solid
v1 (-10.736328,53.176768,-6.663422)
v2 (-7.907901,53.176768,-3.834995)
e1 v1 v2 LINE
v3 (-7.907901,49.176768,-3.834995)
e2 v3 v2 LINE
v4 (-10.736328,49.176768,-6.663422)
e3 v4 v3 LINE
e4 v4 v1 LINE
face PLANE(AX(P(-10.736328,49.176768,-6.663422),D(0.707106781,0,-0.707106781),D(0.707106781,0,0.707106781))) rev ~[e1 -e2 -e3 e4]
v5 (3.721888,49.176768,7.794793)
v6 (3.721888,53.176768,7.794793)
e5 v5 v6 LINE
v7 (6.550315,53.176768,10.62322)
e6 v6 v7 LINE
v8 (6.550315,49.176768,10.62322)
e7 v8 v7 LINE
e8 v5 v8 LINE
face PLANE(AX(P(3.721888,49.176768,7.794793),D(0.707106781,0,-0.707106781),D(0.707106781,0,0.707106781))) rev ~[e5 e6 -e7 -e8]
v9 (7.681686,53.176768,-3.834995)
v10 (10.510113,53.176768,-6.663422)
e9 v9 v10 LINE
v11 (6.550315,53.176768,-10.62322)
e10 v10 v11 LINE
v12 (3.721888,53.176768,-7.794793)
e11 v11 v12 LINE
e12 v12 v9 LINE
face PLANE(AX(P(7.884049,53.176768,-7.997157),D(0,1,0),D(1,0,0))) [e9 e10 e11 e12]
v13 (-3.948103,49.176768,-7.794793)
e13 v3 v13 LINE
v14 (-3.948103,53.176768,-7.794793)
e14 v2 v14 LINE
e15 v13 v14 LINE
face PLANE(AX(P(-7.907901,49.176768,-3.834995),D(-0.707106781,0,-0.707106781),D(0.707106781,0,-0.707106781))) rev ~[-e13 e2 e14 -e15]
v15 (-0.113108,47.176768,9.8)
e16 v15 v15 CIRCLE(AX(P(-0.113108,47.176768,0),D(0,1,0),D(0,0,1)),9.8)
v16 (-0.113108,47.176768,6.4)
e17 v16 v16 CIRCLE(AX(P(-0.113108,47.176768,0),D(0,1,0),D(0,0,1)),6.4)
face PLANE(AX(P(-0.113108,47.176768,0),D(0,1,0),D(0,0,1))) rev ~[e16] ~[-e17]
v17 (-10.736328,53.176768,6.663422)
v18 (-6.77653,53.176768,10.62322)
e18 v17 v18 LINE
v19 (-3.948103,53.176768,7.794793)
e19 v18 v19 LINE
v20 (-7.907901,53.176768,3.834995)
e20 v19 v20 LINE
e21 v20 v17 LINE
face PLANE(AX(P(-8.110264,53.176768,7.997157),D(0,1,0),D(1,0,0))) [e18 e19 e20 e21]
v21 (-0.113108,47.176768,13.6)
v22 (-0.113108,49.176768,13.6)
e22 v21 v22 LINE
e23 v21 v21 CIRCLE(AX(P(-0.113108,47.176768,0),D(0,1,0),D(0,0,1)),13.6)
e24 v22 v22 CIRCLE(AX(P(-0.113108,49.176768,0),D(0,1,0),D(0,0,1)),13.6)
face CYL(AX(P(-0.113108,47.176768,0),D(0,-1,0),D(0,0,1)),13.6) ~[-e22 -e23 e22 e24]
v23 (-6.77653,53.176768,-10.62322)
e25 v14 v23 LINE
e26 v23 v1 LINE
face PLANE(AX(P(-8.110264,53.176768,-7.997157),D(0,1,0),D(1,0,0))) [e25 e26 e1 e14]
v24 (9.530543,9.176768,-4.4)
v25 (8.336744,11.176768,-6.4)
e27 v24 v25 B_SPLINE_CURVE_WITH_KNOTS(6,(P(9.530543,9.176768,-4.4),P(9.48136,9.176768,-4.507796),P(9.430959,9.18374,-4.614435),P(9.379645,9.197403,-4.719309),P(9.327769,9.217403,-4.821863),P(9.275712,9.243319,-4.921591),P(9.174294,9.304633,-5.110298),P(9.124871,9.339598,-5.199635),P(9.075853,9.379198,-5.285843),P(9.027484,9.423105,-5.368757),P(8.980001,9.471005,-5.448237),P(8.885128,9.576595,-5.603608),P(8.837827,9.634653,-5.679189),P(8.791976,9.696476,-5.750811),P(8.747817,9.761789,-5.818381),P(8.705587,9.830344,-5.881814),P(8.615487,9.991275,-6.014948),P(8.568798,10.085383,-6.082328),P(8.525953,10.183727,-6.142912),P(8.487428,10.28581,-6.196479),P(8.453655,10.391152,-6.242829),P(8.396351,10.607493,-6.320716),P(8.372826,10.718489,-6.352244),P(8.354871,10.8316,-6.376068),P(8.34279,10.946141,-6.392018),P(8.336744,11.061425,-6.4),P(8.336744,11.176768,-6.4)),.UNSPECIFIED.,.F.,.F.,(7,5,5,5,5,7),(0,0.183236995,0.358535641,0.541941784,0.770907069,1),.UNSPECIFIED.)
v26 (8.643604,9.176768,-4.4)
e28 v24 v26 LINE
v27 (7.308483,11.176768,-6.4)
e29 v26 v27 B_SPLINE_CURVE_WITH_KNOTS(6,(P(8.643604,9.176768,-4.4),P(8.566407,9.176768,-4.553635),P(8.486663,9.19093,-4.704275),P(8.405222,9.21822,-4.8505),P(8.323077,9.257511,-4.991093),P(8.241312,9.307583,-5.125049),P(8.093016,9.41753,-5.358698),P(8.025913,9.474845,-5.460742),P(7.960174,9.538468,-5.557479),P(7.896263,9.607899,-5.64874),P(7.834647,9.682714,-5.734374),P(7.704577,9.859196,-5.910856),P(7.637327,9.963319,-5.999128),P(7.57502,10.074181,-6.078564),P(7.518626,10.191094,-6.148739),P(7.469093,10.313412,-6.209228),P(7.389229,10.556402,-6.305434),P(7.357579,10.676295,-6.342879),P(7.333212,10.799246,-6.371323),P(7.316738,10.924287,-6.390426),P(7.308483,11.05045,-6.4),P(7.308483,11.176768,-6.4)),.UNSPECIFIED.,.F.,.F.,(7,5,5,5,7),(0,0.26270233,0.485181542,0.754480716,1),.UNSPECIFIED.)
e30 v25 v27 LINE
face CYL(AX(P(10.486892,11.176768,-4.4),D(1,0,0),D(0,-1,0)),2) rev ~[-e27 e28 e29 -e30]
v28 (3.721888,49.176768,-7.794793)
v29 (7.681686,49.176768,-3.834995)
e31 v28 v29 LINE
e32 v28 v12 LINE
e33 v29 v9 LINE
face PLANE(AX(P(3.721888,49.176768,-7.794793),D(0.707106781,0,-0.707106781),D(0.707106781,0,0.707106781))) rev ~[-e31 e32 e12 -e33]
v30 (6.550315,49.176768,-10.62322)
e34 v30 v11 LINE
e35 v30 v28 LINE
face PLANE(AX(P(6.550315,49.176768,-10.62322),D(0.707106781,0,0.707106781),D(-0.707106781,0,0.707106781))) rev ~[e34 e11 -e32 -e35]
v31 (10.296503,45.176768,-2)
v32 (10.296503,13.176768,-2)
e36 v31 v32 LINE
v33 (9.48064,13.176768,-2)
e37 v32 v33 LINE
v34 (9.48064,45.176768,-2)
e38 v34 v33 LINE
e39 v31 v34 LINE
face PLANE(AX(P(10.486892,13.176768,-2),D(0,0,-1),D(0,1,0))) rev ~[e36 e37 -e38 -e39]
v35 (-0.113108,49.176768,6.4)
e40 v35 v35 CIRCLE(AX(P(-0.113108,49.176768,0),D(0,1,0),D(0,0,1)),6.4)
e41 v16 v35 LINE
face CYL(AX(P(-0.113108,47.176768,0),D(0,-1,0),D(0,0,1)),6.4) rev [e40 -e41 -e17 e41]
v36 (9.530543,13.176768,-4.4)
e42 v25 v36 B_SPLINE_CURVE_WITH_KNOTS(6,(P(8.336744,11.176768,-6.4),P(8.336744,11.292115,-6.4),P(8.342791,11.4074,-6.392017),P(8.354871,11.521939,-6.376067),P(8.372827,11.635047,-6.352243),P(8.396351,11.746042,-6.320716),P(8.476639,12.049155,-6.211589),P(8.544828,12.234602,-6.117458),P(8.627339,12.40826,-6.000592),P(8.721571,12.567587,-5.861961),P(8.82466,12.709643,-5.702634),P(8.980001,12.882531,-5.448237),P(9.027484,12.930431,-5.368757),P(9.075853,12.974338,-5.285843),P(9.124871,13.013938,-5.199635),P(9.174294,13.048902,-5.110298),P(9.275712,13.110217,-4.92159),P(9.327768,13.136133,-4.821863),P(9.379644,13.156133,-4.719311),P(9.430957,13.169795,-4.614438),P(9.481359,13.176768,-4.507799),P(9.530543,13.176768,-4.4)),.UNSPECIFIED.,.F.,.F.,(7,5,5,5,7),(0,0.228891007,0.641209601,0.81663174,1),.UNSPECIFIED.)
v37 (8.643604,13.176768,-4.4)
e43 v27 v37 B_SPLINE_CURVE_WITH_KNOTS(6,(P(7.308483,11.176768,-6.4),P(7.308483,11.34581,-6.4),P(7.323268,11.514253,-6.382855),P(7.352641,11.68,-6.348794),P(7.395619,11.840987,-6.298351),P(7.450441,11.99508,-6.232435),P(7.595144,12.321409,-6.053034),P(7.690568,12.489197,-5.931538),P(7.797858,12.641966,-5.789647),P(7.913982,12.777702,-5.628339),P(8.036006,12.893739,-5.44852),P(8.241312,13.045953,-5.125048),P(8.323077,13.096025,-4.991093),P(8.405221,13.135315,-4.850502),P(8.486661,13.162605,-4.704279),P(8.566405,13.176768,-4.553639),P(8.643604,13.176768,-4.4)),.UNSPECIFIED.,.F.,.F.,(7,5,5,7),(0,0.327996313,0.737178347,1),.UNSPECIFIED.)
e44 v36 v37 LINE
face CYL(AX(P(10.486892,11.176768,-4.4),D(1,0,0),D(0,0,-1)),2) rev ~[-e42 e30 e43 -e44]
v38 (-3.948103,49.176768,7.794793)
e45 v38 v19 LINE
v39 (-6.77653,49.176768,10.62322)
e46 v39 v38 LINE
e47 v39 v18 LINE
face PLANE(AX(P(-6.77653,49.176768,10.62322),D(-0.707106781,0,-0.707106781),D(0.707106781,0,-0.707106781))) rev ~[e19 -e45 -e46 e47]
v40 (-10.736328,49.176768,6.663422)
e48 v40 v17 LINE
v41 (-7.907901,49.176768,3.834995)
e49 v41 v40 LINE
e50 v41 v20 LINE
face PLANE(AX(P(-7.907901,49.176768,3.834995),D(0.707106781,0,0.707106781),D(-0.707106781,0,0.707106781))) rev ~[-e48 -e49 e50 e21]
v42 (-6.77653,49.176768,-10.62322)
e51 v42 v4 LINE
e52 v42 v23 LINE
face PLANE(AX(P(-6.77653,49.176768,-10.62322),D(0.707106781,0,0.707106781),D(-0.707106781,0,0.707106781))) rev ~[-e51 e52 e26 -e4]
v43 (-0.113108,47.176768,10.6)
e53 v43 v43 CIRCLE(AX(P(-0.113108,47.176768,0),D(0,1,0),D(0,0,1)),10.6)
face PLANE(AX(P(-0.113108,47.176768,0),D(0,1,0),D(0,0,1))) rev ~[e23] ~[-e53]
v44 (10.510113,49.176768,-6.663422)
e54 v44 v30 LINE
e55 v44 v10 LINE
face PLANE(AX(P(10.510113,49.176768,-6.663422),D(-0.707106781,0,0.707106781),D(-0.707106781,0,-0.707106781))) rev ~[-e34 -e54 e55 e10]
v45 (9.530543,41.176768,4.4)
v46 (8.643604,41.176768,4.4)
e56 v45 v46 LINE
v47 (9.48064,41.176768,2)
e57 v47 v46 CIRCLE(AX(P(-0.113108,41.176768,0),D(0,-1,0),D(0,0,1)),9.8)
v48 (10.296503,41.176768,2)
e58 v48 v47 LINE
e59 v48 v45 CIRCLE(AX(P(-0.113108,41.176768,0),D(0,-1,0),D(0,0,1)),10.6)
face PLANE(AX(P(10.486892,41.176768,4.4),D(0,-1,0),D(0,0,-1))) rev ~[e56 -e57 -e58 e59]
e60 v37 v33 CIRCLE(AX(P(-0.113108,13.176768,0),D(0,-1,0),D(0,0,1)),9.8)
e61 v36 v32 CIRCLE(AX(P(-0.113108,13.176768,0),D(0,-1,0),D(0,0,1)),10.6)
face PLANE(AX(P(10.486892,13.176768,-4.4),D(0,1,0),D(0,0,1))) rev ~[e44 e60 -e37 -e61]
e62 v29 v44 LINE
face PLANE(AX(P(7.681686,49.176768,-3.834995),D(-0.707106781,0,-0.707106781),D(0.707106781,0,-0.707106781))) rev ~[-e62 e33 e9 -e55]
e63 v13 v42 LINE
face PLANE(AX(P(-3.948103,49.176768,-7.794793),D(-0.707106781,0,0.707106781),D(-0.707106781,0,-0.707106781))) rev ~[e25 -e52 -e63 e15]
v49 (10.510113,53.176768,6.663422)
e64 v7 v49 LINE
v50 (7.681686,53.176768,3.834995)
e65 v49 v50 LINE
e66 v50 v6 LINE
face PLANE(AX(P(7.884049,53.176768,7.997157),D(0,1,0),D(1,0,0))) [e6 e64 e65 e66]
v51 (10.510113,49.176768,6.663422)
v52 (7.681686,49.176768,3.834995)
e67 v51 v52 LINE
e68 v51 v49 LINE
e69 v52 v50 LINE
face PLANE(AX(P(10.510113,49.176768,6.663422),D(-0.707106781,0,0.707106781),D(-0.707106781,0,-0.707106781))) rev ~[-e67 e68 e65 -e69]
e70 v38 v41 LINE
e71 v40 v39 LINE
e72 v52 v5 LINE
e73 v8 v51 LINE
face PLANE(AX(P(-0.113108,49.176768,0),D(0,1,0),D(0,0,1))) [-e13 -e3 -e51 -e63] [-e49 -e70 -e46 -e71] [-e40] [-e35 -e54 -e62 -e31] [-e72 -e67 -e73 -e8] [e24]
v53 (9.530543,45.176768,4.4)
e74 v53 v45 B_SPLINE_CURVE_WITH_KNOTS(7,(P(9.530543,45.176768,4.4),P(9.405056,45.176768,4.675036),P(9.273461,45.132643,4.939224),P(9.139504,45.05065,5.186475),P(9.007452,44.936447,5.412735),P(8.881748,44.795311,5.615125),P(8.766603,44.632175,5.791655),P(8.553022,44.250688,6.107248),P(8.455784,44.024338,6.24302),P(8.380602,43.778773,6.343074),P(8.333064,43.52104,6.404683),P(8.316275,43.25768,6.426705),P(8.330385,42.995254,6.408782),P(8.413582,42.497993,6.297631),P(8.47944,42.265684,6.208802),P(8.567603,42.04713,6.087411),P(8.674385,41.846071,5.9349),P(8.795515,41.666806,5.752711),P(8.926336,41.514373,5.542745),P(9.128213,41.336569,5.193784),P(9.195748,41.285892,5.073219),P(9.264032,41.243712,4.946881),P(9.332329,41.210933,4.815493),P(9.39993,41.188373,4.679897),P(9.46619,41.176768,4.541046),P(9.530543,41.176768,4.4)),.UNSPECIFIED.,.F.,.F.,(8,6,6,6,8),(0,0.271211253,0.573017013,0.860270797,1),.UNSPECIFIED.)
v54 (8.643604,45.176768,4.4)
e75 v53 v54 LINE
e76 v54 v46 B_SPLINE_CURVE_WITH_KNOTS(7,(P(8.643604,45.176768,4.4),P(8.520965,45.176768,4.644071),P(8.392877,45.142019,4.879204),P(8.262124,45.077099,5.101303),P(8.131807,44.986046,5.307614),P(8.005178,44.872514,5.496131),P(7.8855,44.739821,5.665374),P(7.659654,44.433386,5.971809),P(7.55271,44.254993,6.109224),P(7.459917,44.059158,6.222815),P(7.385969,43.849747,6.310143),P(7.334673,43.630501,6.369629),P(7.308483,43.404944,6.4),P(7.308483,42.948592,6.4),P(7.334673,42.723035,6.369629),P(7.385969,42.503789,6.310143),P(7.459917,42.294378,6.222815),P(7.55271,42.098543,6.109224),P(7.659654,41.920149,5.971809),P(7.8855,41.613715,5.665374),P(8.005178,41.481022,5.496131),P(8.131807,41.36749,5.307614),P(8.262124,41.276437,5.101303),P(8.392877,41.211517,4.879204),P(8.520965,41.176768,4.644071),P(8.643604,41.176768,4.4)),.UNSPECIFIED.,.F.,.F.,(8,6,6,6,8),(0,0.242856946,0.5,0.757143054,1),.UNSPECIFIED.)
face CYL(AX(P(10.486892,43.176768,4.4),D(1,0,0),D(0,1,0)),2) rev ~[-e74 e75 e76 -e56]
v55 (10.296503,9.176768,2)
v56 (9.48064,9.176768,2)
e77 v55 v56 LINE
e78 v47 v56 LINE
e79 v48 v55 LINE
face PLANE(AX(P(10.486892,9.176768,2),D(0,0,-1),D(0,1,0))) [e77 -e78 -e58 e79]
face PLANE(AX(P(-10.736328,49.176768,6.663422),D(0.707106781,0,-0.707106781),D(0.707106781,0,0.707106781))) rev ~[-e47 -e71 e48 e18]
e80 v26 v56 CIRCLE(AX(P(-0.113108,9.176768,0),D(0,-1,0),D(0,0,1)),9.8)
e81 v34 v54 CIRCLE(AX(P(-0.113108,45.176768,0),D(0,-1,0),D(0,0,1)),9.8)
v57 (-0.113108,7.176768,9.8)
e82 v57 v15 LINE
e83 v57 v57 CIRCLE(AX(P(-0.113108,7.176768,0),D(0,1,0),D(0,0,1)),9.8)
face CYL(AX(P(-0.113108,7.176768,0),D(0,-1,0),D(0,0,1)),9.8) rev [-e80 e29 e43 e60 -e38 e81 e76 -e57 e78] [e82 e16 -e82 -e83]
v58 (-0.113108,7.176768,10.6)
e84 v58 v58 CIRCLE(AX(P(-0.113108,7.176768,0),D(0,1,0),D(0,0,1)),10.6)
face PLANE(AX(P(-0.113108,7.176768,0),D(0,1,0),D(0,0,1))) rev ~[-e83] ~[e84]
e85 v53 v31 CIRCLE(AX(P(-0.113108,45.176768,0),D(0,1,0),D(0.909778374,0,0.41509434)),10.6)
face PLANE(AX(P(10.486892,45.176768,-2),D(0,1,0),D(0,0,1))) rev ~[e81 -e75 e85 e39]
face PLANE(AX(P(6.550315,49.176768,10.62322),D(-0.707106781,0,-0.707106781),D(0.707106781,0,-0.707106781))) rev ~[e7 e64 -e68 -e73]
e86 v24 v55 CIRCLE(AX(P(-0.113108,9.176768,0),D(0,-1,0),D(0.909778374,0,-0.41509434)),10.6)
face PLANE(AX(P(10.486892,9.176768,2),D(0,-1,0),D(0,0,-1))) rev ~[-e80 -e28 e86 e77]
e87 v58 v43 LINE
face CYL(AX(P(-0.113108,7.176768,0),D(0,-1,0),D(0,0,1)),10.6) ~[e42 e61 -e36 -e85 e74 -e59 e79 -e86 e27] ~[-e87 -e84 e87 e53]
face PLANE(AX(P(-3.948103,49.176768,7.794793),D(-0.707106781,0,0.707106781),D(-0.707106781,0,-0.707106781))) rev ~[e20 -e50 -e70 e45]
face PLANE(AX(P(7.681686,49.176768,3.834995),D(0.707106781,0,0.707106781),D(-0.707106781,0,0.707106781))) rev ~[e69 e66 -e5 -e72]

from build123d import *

# Parameters (mm, degrees)
SKETCH2_R           = 13.25
SKETCH2_R_2         = 12.25
BOSS_EXTRUDE1_DEPTH = 50
SKETCH4_W           = 5
SKETCH4_H           = 45
CUT_EXTRUDE2_DEPTH  = 5
SKETCH6_R           = 17
SKETCH6_R_2         = 8
BOSS_EXTRUDE3_DEPTH = 2.5
BOSS_EXTRUDE4_DEPTH = 5
SCALE1_SCALE        = 0.8


with BuildPart() as part:
    # Sketch2 → Boss-Extrude1 (new body)
    with BuildSketch(Plane(origin=(0, 0, 0), x_dir=(1, 0, 0), z_dir=(0, 1, 0))):
        with Locations(Location((0, 0, 0), (0, 0, 270))):
            Circle(SKETCH2_R)
        with Locations(Location((0, 0, 0), (0, 0, 270))):
            Circle(SKETCH2_R_2, mode=Mode.SUBTRACT)
    extrude(amount=BOSS_EXTRUDE1_DEPTH)

    # Sketch4 → Cut-Extrude2 (cut)
    with BuildSketch(Plane(origin=(13.25, 0, 0), x_dir=(0, 0, -1), z_dir=(1, 0, 0))):
        with BuildLine():
            ThreePointArc((-3, 45), (-3.732233047, 46.767766953), (-5.5, 47.5))
            Line((-5.5, 47.5), (-5.5, 42.5))
            ThreePointArc((-5.5, 42.5), (-3.732233047, 43.232233047), (-3, 45))
        make_face()
        with BuildLine():
            Line((-5.5, 42.5), (-5.5, 47.5))
            ThreePointArc((-5.5, 47.5), (-8, 45), (-5.5, 42.5))
        make_face()
        with Locations((0, 25)):
            Rectangle(SKETCH4_W, SKETCH4_H)
        with BuildLine():
            ThreePointArc((8, 5), (7.267766953, 6.767766953), (5.5, 7.5))
            Line((5.5, 7.5), (5.5, 2.5))
            ThreePointArc((5.5, 2.5), (7.267766953, 3.232233047), (8, 5))
        make_face()
        with BuildLine():
            Line((5.5, 2.5), (5.5, 7.5))
            ThreePointArc((5.5, 7.5), (3, 5), (5.5, 2.5))
        make_face()
        with BuildLine():
            Line((5.5, 7.5), (2.5, 7.5))
            Line((2.5, 7.5), (2.5, 2.5))
            Line((2.5, 2.5), (5.5, 2.5))
            ThreePointArc((5.5, 2.5), (3, 5), (5.5, 7.5))
        make_face()
        with BuildLine():
            Line((-2.5, 42.5), (-2.5, 47.5))
            Line((-2.5, 47.5), (-5.5, 47.5))
            ThreePointArc((-5.5, 47.5), (-3.732233047, 46.767766953), (-3, 45))
            ThreePointArc((-3, 45), (-3.732233047, 43.232233047), (-5.5, 42.5))
            Line((-5.5, 42.5), (-2.5, 42.5))
        make_face()
    extrude(amount=-CUT_EXTRUDE2_DEPTH, mode=Mode.SUBTRACT)

    # Sketch6 → Boss-Extrude3 (add)
    with BuildSketch(Plane(origin=(0, 50, 0), x_dir=(1, 0, 0), z_dir=(0, 1, 0))):
        with Locations(Location((0, 0, 0), (0, 0, 270))):
            Circle(SKETCH6_R)
        with Locations(Location((0, 0, 0), (0, 0, 270))):
            Circle(SKETCH6_R_2, mode=Mode.SUBTRACT)
    extrude(amount=BOSS_EXTRUDE3_DEPTH)

    # Sketch7 → Boss-Extrude4 (add)
    with BuildSketch(Plane(origin=(0, 52.5, 0), x_dir=(1, 0, 0), z_dir=(0, 1, 0))):
        with BuildLine():
            ThreePointArc((9.369164851, -9.369164851), (8.037023703, -10.534170589), (6.561511052, -11.51125852))
            Line((6.561511052, -11.51125852), (8.329278005, -13.279025473))
            Line((8.329278005, -13.279025473), (13.279025473, -8.329278005))
            Line((13.279025473, -8.329278005), (11.51125852, -6.561511052))
            ThreePointArc((11.51125852, -6.561511052), (10.534170589, -8.037023703), (9.369164851, -9.369164851))
        make_face()
        with BuildLine():
            ThreePointArc((-6.561511052, -11.51125852), (-8.037023703, -10.534170589), (-9.369164851, -9.369164851))
            ThreePointArc((-9.369164851, -9.369164851), (-10.534170589, -8.037023703), (-11.51125852, -6.561511052))
            Line((-11.51125852, -6.561511052), (-13.279025473, -8.329278005))
            Line((-13.279025473, -8.329278005), (-8.329278005, -13.279025473))
            Line((-8.329278005, -13.279025473), (-6.561511052, -11.51125852))
        make_face()
        with BuildLine():
            Line((-13.279025473, 8.329278005), (-11.51125852, 6.561511052))
            ThreePointArc((-11.51125852, 6.561511052), (-10.534170589, 8.037023703), (-9.369164851, 9.369164851))
            ThreePointArc((-9.369164851, 9.369164851), (-8.037023703, 10.534170589), (-6.561511052, 11.51125852))
            Line((-6.561511052, 11.51125852), (-8.329278005, 13.279025473))
            Line((-8.329278005, 13.279025473), (-13.279025473, 8.329278005))
        make_face()
        with BuildLine():
            ThreePointArc((-6.561511052, 11.51125852), (-8.037023703, 10.534170589), (-9.369164851, 9.369164851))
            Line((-9.369164851, 9.369164851), (-5.168070815, 9.369164851))
            Line((-5.168070815, 9.369164851), (-4.793744099, 9.743491567))
            Line((-4.793744099, 9.743491567), (-6.561511052, 11.51125852))
        make_face()
        with BuildLine():
            Line((-9.743491567, 4.793744099), (-9.369164851, 5.168070815))
            Line((-9.369164851, 5.168070815), (-9.369164851, 9.369164851))
            ThreePointArc((-9.369164851, 9.369164851), (-10.534170589, 8.037023703), (-11.51125852, 6.561511052))
            Line((-11.51125852, 6.561511052), (-9.743491567, 4.793744099))
        make_face()
        Polygon((-9.369164851, 9.369164851), (-9.369164851, 5.168070815), (-5.168070815, 9.369164851), align=None)
        with BuildLine():
            Line((-5.168070815, -9.369164851), (-9.369164851, -9.369164851))
            ThreePointArc((-9.369164851, -9.369164851), (-8.037023703, -10.534170589), (-6.561511052, -11.51125852))
            Line((-6.561511052, -11.51125852), (-4.793744099, -9.743491567))
            Line((-4.793744099, -9.743491567), (-5.168070815, -9.369164851))
        make_face()
        Polygon((-9.369164851, -5.168070815), (-9.369164851, -9.369164851), (-5.168070815, -9.369164851), align=None)
        with BuildLine():
            ThreePointArc((-11.51125852, -6.561511052), (-10.534170589, -8.037023703), (-9.369164851, -9.369164851))
            Line((-9.369164851, -9.369164851), (-9.369164851, -5.168070815))
            Line((-9.369164851, -5.168070815), (-9.743491567, -4.793744099))
            Line((-9.743491567, -4.793744099), (-11.51125852, -6.561511052))
        make_face()
        with BuildLine():
            Line((9.369164851, -5.168070815), (9.369164851, -9.369164851))
            ThreePointArc((9.369164851, -9.369164851), (10.534170589, -8.037023703), (11.51125852, -6.561511052))
            Line((11.51125852, -6.561511052), (9.743491567, -4.793744099))
            Line((9.743491567, -4.793744099), (9.369164851, -5.168070815))
        make_face()
        Polygon((9.369164851, -5.168070815), (5.168070815, -9.369164851), (9.369164851, -9.369164851), align=None)
        with BuildLine():
            Line((9.369164851, -9.369164851), (5.168070815, -9.369164851))
            Line((5.168070815, -9.369164851), (4.793744099, -9.743491567))
            Line((4.793744099, -9.743491567), (6.561511052, -11.51125852))
            ThreePointArc((6.561511052, -11.51125852), (8.037023703, -10.534170589), (9.369164851, -9.369164851))
        make_face()
        with BuildLine():
            ThreePointArc((6.561511052, 11.51125852), (8.037023703, 10.534170589), (9.369164851, 9.369164851))
            ThreePointArc((9.369164851, 9.369164851), (10.534170589, 8.037023703), (11.51125852, 6.561511052))
            Line((11.51125852, 6.561511052), (13.279025473, 8.329278005))
            Line((13.279025473, 8.329278005), (8.329278005, 13.279025473))
            Line((8.329278005, 13.279025473), (6.561511052, 11.51125852))
        make_face()
        with BuildLine():
            Line((4.793744099, 9.743491567), (5.168070815, 9.369164851))
            Line((5.168070815, 9.369164851), (9.369164851, 9.369164851))
            ThreePointArc((9.369164851, 9.369164851), (8.037023703, 10.534170589), (6.561511052, 11.51125852))
            Line((6.561511052, 11.51125852), (4.793744099, 9.743491567))
        make_face()
        Polygon((5.168070815, 9.369164851), (9.369164851, 5.168070815), (9.369164851, 9.369164851), align=None)
        with BuildLine():
            Line((9.369164851, 9.369164851), (9.369164851, 5.168070815))
            Line((9.369164851, 5.168070815), (9.743491567, 4.793744099))
            Line((9.743491567, 4.793744099), (11.51125852, 6.561511052))
            ThreePointArc((11.51125852, 6.561511052), (10.534170589, 8.037023703), (9.369164851, 9.369164851))
        make_face()
    extrude(amount=BOSS_EXTRUDE4_DEPTH)


with BuildPart() as part_1:
    # Scale1: scaled about (-0.56553808, 35.88383974, 2.07e-07)
    add(part.part.scale(SCALE1_SCALE).moved(Location((-0.113107616, 7.176767948, 4.1e-08))))


solid = part_1.part
